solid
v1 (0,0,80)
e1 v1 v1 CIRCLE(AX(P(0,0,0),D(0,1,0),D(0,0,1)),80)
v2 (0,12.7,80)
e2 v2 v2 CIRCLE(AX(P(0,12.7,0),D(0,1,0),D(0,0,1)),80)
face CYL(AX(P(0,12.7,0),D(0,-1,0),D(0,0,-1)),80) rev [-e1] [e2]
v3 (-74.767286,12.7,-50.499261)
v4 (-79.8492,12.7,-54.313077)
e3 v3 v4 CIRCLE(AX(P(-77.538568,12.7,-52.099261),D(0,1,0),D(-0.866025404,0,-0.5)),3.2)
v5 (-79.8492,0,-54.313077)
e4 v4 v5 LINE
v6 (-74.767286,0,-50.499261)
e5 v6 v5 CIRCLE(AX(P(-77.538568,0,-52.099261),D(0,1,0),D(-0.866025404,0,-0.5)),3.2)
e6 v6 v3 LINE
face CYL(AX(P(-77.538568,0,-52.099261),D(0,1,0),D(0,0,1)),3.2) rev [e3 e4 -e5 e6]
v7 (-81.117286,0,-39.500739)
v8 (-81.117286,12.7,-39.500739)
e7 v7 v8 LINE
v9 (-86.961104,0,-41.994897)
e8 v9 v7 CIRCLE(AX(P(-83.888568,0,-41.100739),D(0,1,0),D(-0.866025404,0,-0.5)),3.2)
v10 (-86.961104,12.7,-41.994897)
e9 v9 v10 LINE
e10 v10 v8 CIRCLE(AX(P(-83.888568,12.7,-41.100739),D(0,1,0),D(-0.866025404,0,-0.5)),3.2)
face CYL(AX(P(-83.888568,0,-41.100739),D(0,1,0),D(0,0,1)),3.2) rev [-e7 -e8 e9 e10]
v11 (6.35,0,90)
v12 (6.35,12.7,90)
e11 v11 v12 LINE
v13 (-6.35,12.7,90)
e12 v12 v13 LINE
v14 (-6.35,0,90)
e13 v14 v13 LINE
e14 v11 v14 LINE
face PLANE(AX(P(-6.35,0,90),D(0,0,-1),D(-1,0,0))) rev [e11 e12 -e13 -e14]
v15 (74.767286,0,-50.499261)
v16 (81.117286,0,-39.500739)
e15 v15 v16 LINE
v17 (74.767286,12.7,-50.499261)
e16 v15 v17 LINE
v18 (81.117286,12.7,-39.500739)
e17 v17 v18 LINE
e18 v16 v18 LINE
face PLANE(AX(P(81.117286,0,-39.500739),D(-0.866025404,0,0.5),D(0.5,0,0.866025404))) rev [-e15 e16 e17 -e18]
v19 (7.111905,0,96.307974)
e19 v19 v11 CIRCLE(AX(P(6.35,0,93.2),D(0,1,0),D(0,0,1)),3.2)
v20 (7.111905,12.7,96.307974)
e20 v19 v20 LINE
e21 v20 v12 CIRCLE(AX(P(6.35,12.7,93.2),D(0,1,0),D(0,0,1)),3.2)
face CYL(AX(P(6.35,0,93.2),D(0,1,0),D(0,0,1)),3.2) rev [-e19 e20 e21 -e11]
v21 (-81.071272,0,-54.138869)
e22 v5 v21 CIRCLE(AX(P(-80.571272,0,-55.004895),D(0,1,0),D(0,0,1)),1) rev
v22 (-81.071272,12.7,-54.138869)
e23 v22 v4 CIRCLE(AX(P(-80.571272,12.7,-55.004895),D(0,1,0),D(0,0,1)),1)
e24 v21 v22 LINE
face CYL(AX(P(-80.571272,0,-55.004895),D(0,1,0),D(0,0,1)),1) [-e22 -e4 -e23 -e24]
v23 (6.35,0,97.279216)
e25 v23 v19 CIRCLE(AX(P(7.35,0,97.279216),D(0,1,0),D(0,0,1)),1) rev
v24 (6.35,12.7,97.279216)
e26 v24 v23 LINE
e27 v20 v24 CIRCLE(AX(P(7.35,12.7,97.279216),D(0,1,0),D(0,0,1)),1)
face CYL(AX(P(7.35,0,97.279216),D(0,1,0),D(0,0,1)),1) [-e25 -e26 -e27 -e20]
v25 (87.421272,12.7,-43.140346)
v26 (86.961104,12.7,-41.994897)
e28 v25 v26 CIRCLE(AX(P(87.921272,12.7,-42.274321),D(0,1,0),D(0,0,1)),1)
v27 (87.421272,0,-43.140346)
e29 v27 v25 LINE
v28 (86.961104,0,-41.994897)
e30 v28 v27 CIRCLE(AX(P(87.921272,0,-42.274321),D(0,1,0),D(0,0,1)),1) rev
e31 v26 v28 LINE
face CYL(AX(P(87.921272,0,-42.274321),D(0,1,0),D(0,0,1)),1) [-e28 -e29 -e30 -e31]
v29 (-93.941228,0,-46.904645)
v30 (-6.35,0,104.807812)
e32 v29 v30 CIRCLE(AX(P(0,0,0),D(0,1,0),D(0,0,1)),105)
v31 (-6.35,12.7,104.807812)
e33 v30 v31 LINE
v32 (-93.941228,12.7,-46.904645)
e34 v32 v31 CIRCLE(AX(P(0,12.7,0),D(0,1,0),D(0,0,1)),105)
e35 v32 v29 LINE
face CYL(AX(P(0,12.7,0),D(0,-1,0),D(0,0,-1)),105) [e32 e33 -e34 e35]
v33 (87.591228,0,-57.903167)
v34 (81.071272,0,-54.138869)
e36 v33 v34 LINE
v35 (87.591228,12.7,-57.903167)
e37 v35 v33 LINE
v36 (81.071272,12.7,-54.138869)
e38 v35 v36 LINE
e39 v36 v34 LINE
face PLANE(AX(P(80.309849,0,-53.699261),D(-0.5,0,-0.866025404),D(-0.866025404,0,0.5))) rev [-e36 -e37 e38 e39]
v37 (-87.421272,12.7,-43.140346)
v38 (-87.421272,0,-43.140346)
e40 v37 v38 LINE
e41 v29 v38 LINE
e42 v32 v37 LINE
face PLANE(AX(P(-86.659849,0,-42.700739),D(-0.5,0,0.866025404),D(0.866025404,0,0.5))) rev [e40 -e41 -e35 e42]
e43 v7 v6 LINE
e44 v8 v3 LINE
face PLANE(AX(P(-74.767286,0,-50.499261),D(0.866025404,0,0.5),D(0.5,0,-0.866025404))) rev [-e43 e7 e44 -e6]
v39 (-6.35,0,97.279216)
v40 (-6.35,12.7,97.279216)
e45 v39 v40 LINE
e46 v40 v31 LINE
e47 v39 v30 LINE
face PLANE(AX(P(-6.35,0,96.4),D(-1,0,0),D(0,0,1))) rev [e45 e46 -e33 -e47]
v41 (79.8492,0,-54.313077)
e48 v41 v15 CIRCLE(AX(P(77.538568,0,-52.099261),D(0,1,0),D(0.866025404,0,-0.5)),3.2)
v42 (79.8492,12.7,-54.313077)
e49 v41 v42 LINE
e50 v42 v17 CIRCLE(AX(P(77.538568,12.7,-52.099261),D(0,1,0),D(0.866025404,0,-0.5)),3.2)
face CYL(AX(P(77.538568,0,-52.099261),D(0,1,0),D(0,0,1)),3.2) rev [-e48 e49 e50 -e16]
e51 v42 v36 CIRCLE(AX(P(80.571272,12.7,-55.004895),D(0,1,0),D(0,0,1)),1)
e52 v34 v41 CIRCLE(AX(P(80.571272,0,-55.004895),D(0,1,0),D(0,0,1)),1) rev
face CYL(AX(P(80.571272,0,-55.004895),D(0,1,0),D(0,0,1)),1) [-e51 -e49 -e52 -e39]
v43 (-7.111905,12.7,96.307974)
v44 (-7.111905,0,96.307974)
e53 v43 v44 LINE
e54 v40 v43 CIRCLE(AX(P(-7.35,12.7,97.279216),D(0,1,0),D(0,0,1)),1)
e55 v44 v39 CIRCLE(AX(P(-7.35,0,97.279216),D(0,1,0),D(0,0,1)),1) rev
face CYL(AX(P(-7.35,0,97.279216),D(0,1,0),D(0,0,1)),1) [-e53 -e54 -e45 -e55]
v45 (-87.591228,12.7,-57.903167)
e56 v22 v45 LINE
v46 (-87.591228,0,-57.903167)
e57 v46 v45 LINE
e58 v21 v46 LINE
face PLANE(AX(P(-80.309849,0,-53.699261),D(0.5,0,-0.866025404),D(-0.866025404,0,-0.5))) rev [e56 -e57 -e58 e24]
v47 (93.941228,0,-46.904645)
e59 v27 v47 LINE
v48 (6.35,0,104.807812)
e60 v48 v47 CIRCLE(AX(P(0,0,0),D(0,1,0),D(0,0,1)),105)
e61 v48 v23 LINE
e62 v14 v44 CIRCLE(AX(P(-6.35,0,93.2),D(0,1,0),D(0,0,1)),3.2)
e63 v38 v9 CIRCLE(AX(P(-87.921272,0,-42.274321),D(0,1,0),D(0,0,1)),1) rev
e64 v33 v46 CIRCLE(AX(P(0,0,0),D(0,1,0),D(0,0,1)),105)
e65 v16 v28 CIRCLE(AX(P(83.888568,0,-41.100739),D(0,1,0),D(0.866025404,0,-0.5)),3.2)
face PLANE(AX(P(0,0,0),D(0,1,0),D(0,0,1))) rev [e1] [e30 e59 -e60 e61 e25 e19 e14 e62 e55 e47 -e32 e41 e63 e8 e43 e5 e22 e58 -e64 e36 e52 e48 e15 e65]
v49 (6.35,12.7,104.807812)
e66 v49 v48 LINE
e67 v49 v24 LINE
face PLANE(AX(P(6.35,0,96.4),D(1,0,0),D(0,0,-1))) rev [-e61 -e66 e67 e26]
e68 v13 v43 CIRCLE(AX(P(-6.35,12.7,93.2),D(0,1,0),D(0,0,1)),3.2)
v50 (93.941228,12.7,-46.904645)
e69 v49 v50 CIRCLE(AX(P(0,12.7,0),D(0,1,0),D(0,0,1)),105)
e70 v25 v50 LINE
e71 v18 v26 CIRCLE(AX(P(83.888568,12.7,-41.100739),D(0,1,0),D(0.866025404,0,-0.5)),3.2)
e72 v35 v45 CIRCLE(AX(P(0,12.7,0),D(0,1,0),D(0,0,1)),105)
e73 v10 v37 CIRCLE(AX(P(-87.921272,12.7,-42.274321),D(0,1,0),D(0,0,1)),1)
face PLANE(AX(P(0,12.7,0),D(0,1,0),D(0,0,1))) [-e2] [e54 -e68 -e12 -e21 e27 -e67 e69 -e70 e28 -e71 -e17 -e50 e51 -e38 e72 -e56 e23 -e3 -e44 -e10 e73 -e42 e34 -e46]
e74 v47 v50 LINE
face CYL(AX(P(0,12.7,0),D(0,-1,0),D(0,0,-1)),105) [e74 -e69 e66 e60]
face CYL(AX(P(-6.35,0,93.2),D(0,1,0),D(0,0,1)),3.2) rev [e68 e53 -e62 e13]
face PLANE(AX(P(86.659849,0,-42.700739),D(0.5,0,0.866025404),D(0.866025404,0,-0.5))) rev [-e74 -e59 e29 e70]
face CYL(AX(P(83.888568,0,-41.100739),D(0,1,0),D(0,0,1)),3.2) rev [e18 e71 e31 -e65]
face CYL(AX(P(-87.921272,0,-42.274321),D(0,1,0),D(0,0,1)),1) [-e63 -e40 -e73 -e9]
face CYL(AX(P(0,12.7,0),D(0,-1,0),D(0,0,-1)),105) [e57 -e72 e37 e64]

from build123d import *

# Parameters (mm, degrees)
SKETCH1_R                = 105
SKETCH1_R_2              = 80
BOSS_EXTRUDE1_DEPTH      = 12.7
CUT_EXTRUDE1_DEPTH       = 150.034526201
FILLET1_R                = 1
CIRPATTERN1_COUNT        = 3
FILLET1_OF_CIRPATTERN1_R = 1


with BuildPart() as part:
    # Sketch1 → Boss-Extrude1 (new body)
    with BuildSketch(Plane(origin=(0, 0, 0), x_dir=(1, 0, 0), z_dir=(0, 1, 0))):
        with Locations(Location((0, 0, 0), (0, 0, 270))):
            Circle(SKETCH1_R)
        with Locations(Location((0, 0, 0), (0, 0, 270))):
            Circle(SKETCH1_R_2, mode=Mode.SUBTRACT)
    extrude(amount=BOSS_EXTRUDE1_DEPTH)

    # Sketch2 → Cut-Extrude1 (cut, through all)
    with BuildSketch(Plane(origin=(0, 12.7, 0), x_dir=(1, 0, 0), z_dir=(0, 1, 0))):
        with BuildLine():
            Line((6.35, -105), (-6.35, -105))
            Line((-6.35, -105), (-6.35, -96.4))
            ThreePointArc((-6.35, -96.4), (-9.55, -93.2), (-6.35, -90))
            Line((-6.35, -90), (6.35, -90))
            ThreePointArc((6.35, -90), (9.55, -93.2), (6.35, -96.4))
            Line((6.35, -96.4), (6.35, -105))
        make_face()
    cut_extrude1 = extrude(amount=-CUT_EXTRUDE1_DEPTH, mode=Mode.SUBTRACT)

    # Fillet1
    fillet1_edges = [part.edges().sort_by_distance(p)[0] for p in [
        (6.35, 6.35, 96.4),
        (-6.35, 6.35, 96.4),
    ]]
    fillet(fillet1_edges, radius=FILLET1_R)

    # CirPattern1: Cut-Extrude1 ×3 about axis
    cirpattern1_axis = Axis((0, 0, 0), (0, 1, 0))
    for i in range(1, CIRPATTERN1_COUNT):
        add(cut_extrude1.rotate(cirpattern1_axis, i * 360 / CIRPATTERN1_COUNT), mode=Mode.SUBTRACT)

    # Fillet1 of CirPattern1
    fillet1_of_cirpattern1_edges = [part.edges().sort_by_distance(p)[0] for p in [
        (80.309848925, 6.35, -53.699261314),
        (86.659848925, 6.35, -42.700738686),
        (-86.659848925, 6.35, -42.700738686),
        (-80.309848925, 6.35, -53.699261314),
    ]]
    fillet(fillet1_of_cirpattern1_edges, radius=FILLET1_OF_CIRPATTERN1_R)


solid = part.part
